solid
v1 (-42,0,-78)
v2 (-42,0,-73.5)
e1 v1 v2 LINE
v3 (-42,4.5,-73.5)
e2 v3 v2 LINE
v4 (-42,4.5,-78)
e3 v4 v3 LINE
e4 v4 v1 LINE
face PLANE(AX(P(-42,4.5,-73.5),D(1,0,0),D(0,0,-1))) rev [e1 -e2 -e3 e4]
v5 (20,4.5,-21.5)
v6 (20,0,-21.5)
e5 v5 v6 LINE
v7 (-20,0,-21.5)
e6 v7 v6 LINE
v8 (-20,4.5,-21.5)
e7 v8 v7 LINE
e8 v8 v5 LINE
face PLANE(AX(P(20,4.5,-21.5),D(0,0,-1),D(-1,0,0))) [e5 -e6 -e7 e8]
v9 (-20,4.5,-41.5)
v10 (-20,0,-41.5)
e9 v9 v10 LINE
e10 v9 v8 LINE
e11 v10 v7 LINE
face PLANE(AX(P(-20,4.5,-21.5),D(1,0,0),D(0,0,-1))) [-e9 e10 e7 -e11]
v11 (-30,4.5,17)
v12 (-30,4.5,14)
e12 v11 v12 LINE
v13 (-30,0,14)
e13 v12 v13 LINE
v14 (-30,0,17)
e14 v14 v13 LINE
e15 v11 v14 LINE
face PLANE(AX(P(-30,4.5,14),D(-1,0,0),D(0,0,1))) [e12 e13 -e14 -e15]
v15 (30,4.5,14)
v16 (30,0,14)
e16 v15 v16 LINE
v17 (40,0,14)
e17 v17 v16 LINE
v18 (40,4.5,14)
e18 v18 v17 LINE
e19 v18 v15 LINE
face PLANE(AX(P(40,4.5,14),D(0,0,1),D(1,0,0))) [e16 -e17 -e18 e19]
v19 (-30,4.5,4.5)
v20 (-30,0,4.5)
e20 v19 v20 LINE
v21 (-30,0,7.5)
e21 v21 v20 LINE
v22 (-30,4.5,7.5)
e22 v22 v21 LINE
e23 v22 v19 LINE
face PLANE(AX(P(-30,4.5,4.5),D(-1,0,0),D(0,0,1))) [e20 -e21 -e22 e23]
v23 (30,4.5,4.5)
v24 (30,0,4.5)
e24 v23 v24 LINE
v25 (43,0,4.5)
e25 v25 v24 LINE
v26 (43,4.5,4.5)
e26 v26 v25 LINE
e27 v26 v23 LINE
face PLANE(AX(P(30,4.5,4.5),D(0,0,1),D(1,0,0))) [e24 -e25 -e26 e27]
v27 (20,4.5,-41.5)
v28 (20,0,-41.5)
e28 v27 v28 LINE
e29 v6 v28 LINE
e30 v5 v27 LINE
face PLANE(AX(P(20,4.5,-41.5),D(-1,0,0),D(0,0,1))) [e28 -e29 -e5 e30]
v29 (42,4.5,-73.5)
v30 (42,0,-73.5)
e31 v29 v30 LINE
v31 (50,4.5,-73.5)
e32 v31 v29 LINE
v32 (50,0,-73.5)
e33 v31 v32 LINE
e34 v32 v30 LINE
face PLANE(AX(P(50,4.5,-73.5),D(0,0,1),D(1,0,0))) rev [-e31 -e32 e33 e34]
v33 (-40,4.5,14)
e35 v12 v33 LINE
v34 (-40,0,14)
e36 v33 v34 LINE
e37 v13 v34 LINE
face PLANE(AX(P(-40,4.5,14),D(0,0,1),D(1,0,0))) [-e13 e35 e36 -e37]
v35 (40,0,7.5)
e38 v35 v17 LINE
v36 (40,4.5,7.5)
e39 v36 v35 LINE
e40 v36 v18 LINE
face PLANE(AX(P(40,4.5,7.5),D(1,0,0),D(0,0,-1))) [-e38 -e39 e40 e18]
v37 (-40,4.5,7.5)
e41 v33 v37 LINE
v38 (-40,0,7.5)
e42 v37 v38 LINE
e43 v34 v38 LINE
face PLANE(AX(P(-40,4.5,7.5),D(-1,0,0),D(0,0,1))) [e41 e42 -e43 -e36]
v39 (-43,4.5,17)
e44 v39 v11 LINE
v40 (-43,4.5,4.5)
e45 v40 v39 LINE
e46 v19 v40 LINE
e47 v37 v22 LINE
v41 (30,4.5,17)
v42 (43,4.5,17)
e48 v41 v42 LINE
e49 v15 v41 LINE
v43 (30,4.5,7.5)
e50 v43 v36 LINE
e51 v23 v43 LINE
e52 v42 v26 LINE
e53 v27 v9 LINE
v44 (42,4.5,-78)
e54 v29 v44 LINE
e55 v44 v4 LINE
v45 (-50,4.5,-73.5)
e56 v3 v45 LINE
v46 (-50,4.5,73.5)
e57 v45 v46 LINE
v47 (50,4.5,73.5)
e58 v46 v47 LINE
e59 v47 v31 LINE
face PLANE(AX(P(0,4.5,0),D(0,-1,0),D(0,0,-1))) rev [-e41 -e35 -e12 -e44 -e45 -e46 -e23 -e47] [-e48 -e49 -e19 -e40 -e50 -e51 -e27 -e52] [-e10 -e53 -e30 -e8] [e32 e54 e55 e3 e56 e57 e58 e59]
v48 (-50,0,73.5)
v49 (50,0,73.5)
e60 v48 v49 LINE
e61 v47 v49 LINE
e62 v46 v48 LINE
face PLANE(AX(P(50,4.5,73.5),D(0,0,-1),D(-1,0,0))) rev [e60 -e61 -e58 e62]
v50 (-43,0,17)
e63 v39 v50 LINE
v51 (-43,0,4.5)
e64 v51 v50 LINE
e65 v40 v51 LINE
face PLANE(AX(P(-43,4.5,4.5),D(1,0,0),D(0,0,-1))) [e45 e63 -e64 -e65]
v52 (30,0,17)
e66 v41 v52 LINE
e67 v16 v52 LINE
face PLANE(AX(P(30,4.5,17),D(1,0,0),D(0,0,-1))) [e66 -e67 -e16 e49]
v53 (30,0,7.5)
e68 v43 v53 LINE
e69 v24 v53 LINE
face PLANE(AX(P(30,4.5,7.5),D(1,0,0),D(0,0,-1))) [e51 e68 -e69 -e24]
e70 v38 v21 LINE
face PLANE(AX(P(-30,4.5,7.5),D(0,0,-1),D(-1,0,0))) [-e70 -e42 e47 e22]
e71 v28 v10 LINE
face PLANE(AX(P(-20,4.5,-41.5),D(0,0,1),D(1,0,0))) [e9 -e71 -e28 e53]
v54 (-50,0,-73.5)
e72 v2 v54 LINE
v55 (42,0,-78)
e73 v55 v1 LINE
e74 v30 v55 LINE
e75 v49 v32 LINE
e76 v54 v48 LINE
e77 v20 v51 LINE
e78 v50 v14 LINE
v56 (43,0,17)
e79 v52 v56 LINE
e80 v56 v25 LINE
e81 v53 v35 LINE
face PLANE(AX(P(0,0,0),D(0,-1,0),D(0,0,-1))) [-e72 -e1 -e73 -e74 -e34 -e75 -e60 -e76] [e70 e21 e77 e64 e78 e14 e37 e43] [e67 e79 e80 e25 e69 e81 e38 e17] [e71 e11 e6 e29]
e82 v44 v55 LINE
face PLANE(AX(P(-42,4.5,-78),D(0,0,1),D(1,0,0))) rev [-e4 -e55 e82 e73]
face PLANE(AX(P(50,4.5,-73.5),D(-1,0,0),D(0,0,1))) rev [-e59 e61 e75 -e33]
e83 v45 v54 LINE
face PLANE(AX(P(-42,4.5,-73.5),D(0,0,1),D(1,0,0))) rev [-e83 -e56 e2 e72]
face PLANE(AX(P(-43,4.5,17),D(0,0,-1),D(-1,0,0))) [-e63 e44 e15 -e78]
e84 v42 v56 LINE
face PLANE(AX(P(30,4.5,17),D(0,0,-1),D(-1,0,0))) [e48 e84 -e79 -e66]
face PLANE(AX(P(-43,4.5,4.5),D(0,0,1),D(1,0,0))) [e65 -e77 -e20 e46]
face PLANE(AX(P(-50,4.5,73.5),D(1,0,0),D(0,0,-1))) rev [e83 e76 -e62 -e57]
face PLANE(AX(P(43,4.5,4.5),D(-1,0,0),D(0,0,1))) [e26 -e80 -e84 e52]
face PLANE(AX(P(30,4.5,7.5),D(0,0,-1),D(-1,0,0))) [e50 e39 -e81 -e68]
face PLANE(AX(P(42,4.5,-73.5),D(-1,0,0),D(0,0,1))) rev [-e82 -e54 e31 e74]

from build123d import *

# Parameters (mm, degrees)
SKETCH2_W           = 40
SKETCH2_H           = 20
BOSS_EXTRUDE1_DEPTH = 4.5


with BuildPart() as part:
    # Sketch2 → Boss-Extrude1 (new body)
    with BuildSketch(Plane(origin=(0, 0, 0), x_dir=(1, 0, 0), z_dir=(0, 1, 0))):
        Polygon((-42, 73.5), (-42, 78), (42, 78), (42, 73.5), (50, 73.5), (50, -73.5), (-50, -73.5), (-50, 73.5), align=None)
        Polygon((-43, -4.5), (-43, -17), (-30, -17), (-30, -14), (-40, -14), (-40, -7.5), (-30, -7.5), (-30, -4.5), align=None, mode=Mode.SUBTRACT)
        Polygon((30, -17), (30, -14), (40, -14), (40, -7.5), (30, -7.5), (30, -4.5), (43, -4.5), (43, -17), align=None, mode=Mode.SUBTRACT)
        with Locations((0, 31.5)):
            Rectangle(SKETCH2_W, SKETCH2_H, mode=Mode.SUBTRACT)
    extrude(amount=BOSS_EXTRUDE1_DEPTH)


solid = part.part
